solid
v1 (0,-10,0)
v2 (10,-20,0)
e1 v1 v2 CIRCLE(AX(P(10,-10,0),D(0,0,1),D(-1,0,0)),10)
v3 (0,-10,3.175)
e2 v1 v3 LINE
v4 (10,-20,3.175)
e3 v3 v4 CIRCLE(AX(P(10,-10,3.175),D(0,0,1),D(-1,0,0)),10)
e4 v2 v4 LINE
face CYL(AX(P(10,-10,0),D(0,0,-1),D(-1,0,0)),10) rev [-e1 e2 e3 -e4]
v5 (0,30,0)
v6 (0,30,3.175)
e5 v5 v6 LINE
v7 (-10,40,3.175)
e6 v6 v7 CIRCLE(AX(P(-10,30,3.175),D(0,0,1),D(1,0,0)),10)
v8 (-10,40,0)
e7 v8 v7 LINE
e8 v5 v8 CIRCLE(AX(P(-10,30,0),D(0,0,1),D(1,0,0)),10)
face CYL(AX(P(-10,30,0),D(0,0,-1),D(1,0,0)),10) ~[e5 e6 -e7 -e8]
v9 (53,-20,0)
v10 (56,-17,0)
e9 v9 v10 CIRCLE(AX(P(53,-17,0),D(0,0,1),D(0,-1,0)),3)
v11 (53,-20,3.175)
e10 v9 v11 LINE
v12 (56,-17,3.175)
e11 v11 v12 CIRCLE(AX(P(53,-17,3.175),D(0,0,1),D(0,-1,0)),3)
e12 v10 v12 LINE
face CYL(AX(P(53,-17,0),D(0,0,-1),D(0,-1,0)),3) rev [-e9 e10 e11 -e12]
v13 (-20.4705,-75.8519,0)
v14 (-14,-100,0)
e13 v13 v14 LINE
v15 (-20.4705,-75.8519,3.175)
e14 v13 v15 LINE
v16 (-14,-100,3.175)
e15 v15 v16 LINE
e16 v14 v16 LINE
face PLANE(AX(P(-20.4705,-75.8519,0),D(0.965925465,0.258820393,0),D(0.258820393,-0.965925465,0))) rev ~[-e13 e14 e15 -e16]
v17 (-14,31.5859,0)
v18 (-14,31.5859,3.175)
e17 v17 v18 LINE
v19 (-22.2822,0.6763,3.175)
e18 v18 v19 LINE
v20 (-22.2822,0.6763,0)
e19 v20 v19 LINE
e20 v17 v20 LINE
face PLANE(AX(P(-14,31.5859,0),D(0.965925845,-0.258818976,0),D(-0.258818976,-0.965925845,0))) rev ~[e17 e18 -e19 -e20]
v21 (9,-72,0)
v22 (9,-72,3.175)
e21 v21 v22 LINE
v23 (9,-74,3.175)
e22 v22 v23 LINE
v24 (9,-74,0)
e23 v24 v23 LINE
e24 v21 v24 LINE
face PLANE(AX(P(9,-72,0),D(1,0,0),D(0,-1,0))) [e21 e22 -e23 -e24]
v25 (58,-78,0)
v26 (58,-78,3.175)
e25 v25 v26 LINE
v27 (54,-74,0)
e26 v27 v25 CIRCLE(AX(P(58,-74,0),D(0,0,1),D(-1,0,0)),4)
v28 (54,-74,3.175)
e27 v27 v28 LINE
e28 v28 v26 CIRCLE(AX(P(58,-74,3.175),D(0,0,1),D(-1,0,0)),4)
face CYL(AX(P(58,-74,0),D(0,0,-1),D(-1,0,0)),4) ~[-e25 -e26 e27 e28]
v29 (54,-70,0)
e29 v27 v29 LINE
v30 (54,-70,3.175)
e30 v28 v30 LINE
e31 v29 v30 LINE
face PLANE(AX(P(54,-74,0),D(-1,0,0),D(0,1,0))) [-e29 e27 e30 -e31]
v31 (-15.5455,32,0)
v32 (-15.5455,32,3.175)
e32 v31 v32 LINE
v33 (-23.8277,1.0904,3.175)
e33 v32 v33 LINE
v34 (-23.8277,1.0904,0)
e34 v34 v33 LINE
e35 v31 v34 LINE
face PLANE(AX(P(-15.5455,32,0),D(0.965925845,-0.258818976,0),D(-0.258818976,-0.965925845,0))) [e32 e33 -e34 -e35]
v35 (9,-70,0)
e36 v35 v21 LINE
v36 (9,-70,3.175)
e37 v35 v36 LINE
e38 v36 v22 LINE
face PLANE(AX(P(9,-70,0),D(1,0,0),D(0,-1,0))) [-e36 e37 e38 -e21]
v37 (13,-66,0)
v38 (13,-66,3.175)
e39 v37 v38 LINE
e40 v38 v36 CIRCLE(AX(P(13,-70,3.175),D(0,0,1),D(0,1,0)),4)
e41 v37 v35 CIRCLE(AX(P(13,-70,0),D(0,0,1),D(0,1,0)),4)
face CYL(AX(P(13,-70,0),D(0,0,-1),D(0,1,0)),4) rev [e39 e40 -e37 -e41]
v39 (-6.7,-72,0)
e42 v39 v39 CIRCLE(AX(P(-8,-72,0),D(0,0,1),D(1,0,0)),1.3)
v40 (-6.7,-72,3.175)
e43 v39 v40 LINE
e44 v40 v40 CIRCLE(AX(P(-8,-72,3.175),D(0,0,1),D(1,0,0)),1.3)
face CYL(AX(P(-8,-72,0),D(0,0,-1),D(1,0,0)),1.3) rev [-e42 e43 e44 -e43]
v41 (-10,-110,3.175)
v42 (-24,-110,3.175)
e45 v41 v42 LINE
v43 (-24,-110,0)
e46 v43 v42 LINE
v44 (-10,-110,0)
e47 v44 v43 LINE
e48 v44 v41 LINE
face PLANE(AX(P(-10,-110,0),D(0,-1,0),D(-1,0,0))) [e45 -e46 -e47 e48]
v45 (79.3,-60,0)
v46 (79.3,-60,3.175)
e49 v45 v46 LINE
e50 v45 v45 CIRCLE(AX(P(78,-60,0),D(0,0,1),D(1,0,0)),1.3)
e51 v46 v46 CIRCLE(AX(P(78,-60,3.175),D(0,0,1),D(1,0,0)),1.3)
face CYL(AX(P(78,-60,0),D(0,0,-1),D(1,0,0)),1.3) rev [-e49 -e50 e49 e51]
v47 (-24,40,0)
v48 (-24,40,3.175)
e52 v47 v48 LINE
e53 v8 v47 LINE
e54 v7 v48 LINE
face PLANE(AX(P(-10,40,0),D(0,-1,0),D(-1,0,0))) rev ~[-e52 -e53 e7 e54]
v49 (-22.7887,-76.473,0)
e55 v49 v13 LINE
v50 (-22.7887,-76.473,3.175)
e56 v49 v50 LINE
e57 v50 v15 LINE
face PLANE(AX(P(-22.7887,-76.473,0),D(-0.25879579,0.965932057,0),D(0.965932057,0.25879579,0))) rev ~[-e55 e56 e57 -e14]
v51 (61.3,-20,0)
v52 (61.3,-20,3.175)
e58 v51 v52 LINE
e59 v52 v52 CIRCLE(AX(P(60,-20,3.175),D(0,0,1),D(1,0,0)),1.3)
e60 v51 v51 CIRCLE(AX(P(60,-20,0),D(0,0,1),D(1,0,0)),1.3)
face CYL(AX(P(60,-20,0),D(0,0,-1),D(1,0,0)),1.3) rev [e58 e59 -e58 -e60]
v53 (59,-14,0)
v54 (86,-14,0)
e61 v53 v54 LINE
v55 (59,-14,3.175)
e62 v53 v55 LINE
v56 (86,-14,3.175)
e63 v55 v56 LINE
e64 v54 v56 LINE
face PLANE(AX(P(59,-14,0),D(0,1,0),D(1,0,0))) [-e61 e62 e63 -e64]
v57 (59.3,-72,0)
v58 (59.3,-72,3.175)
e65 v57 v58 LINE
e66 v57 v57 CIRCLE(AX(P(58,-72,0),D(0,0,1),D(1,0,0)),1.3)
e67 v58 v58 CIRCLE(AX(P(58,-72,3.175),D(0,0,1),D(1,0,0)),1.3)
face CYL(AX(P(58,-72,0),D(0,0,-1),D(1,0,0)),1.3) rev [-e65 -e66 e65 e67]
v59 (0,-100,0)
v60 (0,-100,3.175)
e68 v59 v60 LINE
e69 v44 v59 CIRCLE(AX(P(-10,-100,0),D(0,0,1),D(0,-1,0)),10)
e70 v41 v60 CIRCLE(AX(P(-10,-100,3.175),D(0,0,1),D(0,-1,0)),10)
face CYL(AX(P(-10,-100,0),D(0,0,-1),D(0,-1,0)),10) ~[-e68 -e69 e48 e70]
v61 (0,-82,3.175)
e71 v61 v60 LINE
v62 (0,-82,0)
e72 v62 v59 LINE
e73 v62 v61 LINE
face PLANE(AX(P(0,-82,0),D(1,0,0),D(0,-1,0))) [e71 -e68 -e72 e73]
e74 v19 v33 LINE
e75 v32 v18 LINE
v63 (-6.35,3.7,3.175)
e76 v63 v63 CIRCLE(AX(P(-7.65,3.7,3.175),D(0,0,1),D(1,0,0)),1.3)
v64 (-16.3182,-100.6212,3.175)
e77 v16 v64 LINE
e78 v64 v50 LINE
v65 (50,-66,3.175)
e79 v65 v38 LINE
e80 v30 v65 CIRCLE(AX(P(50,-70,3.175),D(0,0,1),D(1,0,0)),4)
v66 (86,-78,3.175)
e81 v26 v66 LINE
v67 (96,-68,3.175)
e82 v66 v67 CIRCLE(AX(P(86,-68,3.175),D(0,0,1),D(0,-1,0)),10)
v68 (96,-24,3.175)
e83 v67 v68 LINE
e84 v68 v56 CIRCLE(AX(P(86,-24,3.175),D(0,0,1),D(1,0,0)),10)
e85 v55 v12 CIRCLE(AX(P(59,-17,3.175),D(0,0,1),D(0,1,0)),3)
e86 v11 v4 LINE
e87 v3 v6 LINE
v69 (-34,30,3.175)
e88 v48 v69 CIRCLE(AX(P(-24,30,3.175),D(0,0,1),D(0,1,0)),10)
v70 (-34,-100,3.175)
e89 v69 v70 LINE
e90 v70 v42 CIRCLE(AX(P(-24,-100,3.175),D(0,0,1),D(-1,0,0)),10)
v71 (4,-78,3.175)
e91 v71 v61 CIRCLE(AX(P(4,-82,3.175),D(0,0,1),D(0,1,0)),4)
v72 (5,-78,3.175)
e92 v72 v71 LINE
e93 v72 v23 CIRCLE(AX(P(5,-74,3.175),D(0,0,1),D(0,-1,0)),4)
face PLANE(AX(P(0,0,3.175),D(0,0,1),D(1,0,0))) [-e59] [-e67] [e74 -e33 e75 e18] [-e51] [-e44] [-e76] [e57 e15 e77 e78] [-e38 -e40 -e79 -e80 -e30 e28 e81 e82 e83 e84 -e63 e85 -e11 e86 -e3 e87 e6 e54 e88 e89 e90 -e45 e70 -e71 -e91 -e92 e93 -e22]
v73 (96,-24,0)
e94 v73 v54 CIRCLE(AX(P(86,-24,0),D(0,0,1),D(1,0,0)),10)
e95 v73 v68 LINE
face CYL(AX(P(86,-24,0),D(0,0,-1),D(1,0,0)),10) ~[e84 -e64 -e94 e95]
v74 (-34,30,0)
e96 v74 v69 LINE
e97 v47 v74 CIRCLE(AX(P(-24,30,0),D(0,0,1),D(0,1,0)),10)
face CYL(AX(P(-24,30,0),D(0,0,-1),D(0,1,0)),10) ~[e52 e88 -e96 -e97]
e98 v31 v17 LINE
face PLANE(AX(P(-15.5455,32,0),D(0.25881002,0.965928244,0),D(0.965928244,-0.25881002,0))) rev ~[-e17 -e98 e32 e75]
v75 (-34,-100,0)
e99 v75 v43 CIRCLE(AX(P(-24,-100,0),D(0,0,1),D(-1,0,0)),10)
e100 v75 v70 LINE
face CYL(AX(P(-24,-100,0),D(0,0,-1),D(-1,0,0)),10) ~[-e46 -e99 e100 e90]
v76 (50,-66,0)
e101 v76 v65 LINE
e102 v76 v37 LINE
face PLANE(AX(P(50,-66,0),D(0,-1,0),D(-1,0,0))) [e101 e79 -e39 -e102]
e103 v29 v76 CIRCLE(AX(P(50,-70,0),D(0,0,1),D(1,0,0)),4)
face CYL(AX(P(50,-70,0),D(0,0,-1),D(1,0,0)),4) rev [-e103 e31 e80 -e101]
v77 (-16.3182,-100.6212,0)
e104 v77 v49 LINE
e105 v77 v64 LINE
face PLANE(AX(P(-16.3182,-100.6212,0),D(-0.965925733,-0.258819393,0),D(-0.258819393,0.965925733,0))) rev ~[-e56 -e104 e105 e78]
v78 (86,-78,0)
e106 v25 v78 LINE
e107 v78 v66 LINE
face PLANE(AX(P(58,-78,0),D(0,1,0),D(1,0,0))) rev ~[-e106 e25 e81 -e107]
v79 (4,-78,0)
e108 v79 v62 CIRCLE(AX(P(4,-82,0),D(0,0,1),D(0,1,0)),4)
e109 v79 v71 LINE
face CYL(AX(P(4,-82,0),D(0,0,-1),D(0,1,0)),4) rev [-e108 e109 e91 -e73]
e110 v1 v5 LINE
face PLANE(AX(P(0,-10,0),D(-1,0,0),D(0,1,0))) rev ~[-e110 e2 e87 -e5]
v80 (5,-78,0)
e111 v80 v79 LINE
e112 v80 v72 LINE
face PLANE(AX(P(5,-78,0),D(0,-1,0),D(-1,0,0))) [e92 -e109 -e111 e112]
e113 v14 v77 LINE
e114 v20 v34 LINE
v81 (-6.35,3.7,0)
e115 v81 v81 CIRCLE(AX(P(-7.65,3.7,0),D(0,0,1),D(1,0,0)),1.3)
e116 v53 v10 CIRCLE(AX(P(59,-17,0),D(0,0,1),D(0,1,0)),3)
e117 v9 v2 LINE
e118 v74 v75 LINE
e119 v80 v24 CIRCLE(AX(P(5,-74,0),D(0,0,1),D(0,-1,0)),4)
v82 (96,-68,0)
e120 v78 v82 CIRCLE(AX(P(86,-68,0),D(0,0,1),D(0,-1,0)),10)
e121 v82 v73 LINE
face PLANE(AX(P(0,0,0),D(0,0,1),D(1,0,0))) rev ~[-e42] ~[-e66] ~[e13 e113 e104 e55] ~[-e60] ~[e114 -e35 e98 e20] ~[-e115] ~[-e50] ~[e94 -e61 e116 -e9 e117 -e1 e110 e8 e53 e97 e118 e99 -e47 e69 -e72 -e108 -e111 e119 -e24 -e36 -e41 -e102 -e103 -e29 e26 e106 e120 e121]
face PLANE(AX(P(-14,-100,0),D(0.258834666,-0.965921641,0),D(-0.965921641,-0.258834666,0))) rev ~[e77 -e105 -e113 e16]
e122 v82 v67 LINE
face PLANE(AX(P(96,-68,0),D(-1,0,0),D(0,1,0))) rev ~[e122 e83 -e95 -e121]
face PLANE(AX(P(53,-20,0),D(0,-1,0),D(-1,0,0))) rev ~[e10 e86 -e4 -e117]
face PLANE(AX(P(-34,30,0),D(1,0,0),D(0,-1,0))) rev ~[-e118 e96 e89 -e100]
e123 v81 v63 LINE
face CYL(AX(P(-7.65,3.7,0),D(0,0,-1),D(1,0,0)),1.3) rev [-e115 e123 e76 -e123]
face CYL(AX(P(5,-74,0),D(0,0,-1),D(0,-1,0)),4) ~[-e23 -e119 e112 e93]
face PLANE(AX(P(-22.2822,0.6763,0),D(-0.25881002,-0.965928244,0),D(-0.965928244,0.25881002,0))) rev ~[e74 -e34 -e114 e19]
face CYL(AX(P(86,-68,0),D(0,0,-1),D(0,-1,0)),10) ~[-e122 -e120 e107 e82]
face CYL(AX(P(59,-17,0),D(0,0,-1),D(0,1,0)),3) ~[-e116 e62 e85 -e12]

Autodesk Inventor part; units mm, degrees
ref_plane "YZ Plane" through (0, 0, 0) normal (1, 0, 0) x (0, 1, 0)
ref_plane "XZ Plane" through (0, 0, 0) normal (0, 1, 0) x (-1, 0, 0)
ref_plane "XY Plane" through (0, 0, 0) normal (0, 0, 1) x (1, 0, 0)
sketch "Sketch1" plane through (0, 0, 0) normal (0, 0, 1) x (1, 0, 0)
  line L0 (-34, 30) -> (-34, -100)
  line L1 (96, -68) -> (96, -24)
  line L2 (0, -10) -> (0, 30)
  line L3 (-10, 40) -> (-24, 40)
  circle A0 centre (78, -60) radius 1.3
  circle A1 centre (-7.65, 3.7) radius 1.3
  arc A2 (-24, 40) -> (-34, 30) centre (-24, 30) ccw
  arc A3 (0, 30) -> (-10, 40) centre (-10, 30) ccw
  arc A4 (86, -78) -> (96, -68) centre (86, -68) ccw
  line L4 (0, -82) -> (0, -100)
  line L5 (-10, -110) -> (-24, -110)
  arc A5 (-10, -110) -> (0, -100) centre (-10, -100) ccw
  arc A6 (-34, -100) -> (-24, -110) centre (-24, -100) ccw
  line L6 (59, -14) -> (86, -14)
  arc A7 (96, -24) -> (86, -14) centre (86, -24) ccw
  line L7 (54, -74) -> (54, -70)
  line L8 (50, -66) -> (13, -66)
  line L9 (9, -70) -> (9, -72)
  line L10 (5, -78) -> (4, -78)
  line L11 (58, -78) -> (86, -78)
  arc A8 (13, -66) -> (9, -70) centre (13, -70) ccw
  arc A9 (54, -74) -> (58, -78) centre (58, -74) ccw
  arc A10 (54, -70) -> (50, -66) centre (50, -70) ccw
  line L12 (-16.3182, -100.6212) -> (-22.7887, -76.473)
  line L13 (-22.7887, -76.473) -> (-20.4705, -75.8519)
  line L14 (-20.4705, -75.8519) -> (-14, -100)
  line L15 (-14, -100) -> (-16.3182, -100.6212)
  line L16 (-10, -100) -> (-24, -100) construction
  line L17 (-34, -35) -> (96, -35) construction
  line L18 (-15.5455, 32) -> (-23.8277, 1.0904)
  line L19 (-15.5455, 32) -> (-14, 31.5859)
  line L20 (-14, 31.5859) -> (-22.2822, 0.6763)
  line L21 (-22.2822, 0.6763) -> (-23.8277, 1.0904)
  line L22 (53, -20) -> (10, -20)
  line L23 (56, -17) -> (56, -17)
  arc A11 (53, -20) -> (56, -17) centre (53, -17) ccw
  arc A12 (59, -14) -> (56, -17) centre (59, -17) ccw
  arc A13 (0, -10) -> (10, -20) centre (10, -10) ccw
  line L24 (-10, 30) -> (-24, 30) construction
  circle A14 centre (60, -20) radius 1.3
  circle A15 centre (58, -72) radius 1.3
  line L25 (9, -72) -> (9, -74)
  arc A16 (5, -78) -> (9, -74) centre (5, -74) ccw
  arc A17 (4, -78) -> (0, -82) centre (4, -82) ccw
  circle A18 centre (-8, -72) radius 1.3
  line L26 (58, -72) -> (-8, -72) construction
  point P0 (0, 0)
  point P1 (-34, 40)
  point P2 (0, 40)
  point P3 (-34, -110)
  point P4 (96, -14)
  point P5 (9, -78)
  point P6 (0, -20)
  point P7 (54, -66)
  point P8 (9, -66)
  dimension "d2" = 2.6
  dimension "d4" = 18
  dimension "d5" = 40
  dimension "d7" = 34
  dimension "d10" = 26.35
  dimension "d14" = 10
  dimension "d23" = 10
  dimension "d25" = 17.7
  dimension "d27" = 45
  dimension "d29" = 64
  dimension "d31" = 32
  dimension "d32" = 12
  dimension "d33" = 130
  dimension "d36" = 4
  dimension "d38" = 2.4
  dimension "d39" = 75
  dimension "d42" = 42
  dimension "d46" = 1.6
  dimension "d48" = 6
  dimension "d49" = 3
  dimension "d50" = 10
  dimension "d51" = 75
  dimension "d52" = 32
  dimension "d55" = 8
  dimension "d56" = 14
  dimension "d57" = 25
  dimension "d58" = 14
  dimension "d59" = 40
  dimension "d60" = 18
  dimension "d61" = 20
  dimension "d62" = 12
  dimension "d63" = 20
  dimension "d64" = 100
  dimension "d65" = 4
  dimension "d66" = 60
  dimension "d67" = 4
  dimension "d68" = 66
extrude "Extrusion1" add sketch "Sketch1" along normal blind 3.175
properties part number "battery_mount"
